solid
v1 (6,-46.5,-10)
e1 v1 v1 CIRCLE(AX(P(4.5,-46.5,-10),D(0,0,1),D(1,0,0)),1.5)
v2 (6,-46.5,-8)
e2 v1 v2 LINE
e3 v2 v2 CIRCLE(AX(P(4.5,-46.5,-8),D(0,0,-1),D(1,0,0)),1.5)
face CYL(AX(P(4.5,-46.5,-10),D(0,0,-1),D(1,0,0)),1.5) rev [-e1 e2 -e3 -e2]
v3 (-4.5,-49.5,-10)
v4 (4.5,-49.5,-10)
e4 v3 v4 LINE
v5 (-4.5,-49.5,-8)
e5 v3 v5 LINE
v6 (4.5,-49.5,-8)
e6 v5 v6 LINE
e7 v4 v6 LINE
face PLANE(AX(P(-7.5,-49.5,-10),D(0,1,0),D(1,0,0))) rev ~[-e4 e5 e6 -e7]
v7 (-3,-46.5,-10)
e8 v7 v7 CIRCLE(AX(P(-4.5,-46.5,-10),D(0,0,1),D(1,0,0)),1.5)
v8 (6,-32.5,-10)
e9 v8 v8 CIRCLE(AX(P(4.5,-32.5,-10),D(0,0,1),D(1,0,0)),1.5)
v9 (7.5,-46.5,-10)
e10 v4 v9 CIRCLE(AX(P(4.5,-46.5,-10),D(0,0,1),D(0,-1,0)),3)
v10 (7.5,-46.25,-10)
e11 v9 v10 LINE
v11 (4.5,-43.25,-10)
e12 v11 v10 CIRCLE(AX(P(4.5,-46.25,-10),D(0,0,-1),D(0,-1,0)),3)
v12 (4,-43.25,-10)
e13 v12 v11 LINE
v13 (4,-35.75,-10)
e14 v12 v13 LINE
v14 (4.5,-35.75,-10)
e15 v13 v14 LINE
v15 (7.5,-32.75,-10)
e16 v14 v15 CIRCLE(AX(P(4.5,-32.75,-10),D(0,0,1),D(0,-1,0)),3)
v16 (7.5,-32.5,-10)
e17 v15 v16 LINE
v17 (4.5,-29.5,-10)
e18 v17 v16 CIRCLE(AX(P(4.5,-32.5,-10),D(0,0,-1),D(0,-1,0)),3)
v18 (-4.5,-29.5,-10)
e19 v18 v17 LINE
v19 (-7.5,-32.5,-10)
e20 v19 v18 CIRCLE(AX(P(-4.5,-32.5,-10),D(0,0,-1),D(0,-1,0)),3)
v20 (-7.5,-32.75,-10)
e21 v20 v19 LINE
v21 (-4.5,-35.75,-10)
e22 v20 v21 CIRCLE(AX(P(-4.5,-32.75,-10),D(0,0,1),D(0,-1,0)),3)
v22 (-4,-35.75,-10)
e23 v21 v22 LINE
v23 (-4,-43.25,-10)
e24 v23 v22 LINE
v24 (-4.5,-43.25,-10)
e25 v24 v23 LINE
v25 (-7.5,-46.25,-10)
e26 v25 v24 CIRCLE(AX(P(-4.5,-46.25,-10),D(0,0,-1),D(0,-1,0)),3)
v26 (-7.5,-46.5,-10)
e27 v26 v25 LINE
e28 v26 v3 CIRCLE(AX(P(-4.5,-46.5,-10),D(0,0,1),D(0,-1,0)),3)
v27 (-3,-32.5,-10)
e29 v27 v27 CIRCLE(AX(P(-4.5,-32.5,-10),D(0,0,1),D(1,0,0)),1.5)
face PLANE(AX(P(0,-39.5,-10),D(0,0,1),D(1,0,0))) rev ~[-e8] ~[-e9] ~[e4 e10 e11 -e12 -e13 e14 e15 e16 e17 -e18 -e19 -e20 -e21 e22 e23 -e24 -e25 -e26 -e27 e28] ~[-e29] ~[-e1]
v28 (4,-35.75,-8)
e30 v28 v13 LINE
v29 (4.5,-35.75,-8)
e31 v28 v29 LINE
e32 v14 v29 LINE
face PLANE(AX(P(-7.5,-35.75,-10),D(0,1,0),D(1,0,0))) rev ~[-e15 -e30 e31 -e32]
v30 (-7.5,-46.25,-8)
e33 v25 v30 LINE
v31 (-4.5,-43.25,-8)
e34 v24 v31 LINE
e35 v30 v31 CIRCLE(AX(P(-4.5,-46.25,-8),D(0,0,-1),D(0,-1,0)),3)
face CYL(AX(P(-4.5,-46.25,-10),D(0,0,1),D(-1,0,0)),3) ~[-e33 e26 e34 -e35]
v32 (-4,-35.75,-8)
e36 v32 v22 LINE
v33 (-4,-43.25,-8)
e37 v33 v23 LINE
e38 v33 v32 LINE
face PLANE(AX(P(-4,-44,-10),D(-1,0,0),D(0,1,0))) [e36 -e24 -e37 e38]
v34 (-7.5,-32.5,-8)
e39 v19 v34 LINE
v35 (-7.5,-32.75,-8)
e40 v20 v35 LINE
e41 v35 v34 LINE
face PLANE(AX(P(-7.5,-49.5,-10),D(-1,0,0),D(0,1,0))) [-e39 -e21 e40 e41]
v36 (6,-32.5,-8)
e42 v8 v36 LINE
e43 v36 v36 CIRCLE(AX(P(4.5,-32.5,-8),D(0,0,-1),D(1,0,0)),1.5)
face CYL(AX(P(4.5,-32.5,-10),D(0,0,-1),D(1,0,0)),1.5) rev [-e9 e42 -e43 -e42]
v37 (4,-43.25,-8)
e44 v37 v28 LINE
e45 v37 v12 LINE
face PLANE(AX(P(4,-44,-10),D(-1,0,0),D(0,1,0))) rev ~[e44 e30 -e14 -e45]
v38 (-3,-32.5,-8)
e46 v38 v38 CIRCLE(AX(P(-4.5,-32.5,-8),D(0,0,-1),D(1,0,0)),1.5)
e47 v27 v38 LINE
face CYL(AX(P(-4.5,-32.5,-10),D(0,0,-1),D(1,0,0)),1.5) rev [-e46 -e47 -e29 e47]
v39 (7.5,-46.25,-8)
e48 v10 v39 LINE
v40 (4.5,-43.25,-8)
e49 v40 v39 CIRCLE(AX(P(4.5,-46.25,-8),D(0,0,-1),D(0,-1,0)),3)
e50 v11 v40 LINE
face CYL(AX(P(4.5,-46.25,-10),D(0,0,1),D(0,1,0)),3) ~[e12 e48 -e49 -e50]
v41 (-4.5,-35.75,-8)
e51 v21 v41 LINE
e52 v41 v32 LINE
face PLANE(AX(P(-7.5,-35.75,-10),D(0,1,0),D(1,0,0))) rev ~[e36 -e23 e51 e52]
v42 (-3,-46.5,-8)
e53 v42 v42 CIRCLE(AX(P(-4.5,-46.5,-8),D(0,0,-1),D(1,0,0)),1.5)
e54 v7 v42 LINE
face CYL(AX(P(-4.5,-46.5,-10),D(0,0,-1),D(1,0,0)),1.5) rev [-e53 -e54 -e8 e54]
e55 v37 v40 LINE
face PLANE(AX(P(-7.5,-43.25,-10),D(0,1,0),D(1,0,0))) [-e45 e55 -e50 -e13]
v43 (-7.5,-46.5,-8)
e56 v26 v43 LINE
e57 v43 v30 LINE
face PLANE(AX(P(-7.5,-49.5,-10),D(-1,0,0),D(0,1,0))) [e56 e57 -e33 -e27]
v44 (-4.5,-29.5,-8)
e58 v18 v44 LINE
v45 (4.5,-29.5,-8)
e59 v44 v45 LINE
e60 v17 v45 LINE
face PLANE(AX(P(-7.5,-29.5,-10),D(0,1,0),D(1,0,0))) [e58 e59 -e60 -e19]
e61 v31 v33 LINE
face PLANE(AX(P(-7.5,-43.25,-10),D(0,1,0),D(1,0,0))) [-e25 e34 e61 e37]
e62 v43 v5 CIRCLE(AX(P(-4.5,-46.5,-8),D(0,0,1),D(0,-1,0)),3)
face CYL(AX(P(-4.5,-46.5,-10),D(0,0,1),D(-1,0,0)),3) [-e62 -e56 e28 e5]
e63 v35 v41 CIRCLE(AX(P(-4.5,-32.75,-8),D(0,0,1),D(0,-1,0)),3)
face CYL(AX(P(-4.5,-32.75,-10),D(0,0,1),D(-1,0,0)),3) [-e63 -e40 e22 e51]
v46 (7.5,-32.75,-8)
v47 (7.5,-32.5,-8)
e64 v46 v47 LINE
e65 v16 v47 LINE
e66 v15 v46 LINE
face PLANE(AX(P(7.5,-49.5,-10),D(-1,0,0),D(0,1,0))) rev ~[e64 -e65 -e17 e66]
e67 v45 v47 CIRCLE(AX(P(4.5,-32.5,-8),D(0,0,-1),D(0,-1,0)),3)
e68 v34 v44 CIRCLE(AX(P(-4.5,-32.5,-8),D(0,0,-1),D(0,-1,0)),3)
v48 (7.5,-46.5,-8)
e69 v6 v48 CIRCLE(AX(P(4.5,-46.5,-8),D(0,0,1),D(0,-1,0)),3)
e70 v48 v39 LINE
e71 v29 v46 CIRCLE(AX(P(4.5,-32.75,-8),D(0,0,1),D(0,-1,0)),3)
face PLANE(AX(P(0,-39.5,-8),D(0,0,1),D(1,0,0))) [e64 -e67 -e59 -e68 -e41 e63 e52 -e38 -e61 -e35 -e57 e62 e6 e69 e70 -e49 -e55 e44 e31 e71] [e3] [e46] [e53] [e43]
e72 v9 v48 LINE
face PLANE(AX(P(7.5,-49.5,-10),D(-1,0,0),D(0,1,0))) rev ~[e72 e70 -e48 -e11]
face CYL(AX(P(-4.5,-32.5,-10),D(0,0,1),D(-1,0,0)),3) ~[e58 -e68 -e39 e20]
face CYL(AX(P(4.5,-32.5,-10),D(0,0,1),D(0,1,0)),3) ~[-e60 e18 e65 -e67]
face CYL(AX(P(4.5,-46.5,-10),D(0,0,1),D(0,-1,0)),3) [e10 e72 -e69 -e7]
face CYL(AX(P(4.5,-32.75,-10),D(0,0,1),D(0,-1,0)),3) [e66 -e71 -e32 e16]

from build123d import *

# Parameters (mm, degrees)
CYLINDER702_R     = 1.5
CYLINDER702_DEPTH = 14
CYLINDER703_R     = 1.5
CYLINDER703_DEPTH = 14
CYLINDER705_R     = 1.5
CYLINDER705_DEPTH = 14
CYLINDER704_R     = 1.5
CYLINDER704_DEPTH = 14
BOX041_W          = 15
BOX041_H          = 7.5
BOX041_DEPTH      = 2
BOX040_W          = 15
BOX040_H          = 20
BOX040_DEPTH      = 2
FILLET001006_R    = 3
BOX042_W          = 8
BOX042_H          = 9
BOX042_DEPTH      = 2


with BuildPart() as cylinder772:
    # Cylinder702 → Cylinder702 (new body)
    with BuildSketch(Plane(origin=(-4.5, -50.5, -7), x_dir=(1, 0, 0), z_dir=(0, 0, 1))):
        Circle(CYLINDER702_R)
    extrude(amount=CYLINDER702_DEPTH)


with BuildPart() as fusion001005002004004005002010_body:
    # Cylinder703 → Cylinder703 (new body)
    with BuildSketch(Plane(origin=(4.5, -50.5, -7), x_dir=(1, 0, 0), z_dir=(0, 0, 1))):
        Circle(CYLINDER703_R)
    extrude(amount=CYLINDER703_DEPTH)

    # Fusion001005002004004005002010002003003003017007024009: union Cylinder772
    add(cylinder772.part)


with BuildPart() as fusion001005002004004005002010_body_1:
    # Fusion001005002004004005002010002003003003017007024009 placement: moved
    add(fusion001005002004004005002010_body.part.moved(Location((0, 4, -3))))


with BuildPart() as cylinder775:
    # Cylinder705 → Cylinder705 (new body)
    with BuildSketch(Plane(origin=(-4.5, -50.5, -7), x_dir=(1, 0, 0), z_dir=(0, 0, 1))):
        Circle(CYLINDER705_R)
    extrude(amount=CYLINDER705_DEPTH)


with BuildPart() as fusion001005002004004005002010_body2:
    # Cylinder704 → Cylinder704 (new body)
    with BuildSketch(Plane(origin=(4.5, -50.5, -7), x_dir=(1, 0, 0), z_dir=(0, 0, 1))):
        Circle(CYLINDER704_R)
    extrude(amount=CYLINDER704_DEPTH)

    # Fusion001005002004004005002010002003003003017007024011: union Cylinder775
    add(cylinder775.part)


with BuildPart() as fusion001005002004004005002010_body2_1:
    # Fusion001005002004004005002010002003003003017007024011 placement: moved
    add(fusion001005002004004005002010_body2.part.moved(Location((0, 18, -3))))

    # Fusion001005002004004005002010002003003003017007024010: union Fusion001005002004004005002010 body
    add(fusion001005002004004005002010_body_1.part)


with BuildPart() as cube041:
    # Box041 → Box041 (new body)
    with BuildSketch(Plane(origin=(-7.5, -43.25, -11), x_dir=(1, 0, 0), z_dir=(0, 0, 1))):
        with Locations((7.5, 3.75)):
            Rectangle(BOX041_W, BOX041_H)
    extrude(amount=BOX041_DEPTH)


with BuildPart() as fillet001006:
    # Box040 → Box040 (new body)
    with BuildSketch(Plane(origin=(-7.5, -49.5, -11), x_dir=(1, 0, 0), z_dir=(0, 0, 1))):
        with Locations((7.5, 10)):
            Rectangle(BOX040_W, BOX040_H)
    extrude(amount=BOX040_DEPTH)

    # Cut012027: cut Cube041
    add(cube041.part, mode=Mode.SUBTRACT)

    # Fillet001006
    fillet001006_edges = [fillet001006.edges().sort_by_distance(p)[0] for p in [
        (-7.5, -43.25, -10),
        (-7.5, -49.5, -10),
        (7.5, -43.25, -10),
        (7.5, -49.5, -10),
        (-7.5, -29.5, -10),
        (-7.5, -35.75, -10),
        (7.5, -29.5, -10),
        (7.5, -35.75, -10),
    ]]
    fillet(fillet001006_edges, radius=FILLET001006_R)


with BuildPart() as axle_leafspring_lock_left:
    # Box042 → Box042 (new body)
    with BuildSketch(Plane(origin=(-4, -44, -11), x_dir=(1, 0, 0), z_dir=(0, 0, 1))):
        with Locations((4, 4.5)):
            Rectangle(BOX042_W, BOX042_H)
    extrude(amount=BOX042_DEPTH)

    # Fusion001005002004004005002010002003003003017007022: union Fillet001006
    add(fillet001006.part)


with BuildPart() as axle_leafspring_lock_left_1:
    # Fusion001005002004004005002010002003003003017007022 placement: moved
    add(axle_leafspring_lock_left.part.moved(Location((0, 0, 1))))

    # Cut012029: cut Fusion001005002004004005002010 body2
    add(fusion001005002004004005002010_body2_1.part, mode=Mode.SUBTRACT)


solid = axle_leafspring_lock_left_1.part
